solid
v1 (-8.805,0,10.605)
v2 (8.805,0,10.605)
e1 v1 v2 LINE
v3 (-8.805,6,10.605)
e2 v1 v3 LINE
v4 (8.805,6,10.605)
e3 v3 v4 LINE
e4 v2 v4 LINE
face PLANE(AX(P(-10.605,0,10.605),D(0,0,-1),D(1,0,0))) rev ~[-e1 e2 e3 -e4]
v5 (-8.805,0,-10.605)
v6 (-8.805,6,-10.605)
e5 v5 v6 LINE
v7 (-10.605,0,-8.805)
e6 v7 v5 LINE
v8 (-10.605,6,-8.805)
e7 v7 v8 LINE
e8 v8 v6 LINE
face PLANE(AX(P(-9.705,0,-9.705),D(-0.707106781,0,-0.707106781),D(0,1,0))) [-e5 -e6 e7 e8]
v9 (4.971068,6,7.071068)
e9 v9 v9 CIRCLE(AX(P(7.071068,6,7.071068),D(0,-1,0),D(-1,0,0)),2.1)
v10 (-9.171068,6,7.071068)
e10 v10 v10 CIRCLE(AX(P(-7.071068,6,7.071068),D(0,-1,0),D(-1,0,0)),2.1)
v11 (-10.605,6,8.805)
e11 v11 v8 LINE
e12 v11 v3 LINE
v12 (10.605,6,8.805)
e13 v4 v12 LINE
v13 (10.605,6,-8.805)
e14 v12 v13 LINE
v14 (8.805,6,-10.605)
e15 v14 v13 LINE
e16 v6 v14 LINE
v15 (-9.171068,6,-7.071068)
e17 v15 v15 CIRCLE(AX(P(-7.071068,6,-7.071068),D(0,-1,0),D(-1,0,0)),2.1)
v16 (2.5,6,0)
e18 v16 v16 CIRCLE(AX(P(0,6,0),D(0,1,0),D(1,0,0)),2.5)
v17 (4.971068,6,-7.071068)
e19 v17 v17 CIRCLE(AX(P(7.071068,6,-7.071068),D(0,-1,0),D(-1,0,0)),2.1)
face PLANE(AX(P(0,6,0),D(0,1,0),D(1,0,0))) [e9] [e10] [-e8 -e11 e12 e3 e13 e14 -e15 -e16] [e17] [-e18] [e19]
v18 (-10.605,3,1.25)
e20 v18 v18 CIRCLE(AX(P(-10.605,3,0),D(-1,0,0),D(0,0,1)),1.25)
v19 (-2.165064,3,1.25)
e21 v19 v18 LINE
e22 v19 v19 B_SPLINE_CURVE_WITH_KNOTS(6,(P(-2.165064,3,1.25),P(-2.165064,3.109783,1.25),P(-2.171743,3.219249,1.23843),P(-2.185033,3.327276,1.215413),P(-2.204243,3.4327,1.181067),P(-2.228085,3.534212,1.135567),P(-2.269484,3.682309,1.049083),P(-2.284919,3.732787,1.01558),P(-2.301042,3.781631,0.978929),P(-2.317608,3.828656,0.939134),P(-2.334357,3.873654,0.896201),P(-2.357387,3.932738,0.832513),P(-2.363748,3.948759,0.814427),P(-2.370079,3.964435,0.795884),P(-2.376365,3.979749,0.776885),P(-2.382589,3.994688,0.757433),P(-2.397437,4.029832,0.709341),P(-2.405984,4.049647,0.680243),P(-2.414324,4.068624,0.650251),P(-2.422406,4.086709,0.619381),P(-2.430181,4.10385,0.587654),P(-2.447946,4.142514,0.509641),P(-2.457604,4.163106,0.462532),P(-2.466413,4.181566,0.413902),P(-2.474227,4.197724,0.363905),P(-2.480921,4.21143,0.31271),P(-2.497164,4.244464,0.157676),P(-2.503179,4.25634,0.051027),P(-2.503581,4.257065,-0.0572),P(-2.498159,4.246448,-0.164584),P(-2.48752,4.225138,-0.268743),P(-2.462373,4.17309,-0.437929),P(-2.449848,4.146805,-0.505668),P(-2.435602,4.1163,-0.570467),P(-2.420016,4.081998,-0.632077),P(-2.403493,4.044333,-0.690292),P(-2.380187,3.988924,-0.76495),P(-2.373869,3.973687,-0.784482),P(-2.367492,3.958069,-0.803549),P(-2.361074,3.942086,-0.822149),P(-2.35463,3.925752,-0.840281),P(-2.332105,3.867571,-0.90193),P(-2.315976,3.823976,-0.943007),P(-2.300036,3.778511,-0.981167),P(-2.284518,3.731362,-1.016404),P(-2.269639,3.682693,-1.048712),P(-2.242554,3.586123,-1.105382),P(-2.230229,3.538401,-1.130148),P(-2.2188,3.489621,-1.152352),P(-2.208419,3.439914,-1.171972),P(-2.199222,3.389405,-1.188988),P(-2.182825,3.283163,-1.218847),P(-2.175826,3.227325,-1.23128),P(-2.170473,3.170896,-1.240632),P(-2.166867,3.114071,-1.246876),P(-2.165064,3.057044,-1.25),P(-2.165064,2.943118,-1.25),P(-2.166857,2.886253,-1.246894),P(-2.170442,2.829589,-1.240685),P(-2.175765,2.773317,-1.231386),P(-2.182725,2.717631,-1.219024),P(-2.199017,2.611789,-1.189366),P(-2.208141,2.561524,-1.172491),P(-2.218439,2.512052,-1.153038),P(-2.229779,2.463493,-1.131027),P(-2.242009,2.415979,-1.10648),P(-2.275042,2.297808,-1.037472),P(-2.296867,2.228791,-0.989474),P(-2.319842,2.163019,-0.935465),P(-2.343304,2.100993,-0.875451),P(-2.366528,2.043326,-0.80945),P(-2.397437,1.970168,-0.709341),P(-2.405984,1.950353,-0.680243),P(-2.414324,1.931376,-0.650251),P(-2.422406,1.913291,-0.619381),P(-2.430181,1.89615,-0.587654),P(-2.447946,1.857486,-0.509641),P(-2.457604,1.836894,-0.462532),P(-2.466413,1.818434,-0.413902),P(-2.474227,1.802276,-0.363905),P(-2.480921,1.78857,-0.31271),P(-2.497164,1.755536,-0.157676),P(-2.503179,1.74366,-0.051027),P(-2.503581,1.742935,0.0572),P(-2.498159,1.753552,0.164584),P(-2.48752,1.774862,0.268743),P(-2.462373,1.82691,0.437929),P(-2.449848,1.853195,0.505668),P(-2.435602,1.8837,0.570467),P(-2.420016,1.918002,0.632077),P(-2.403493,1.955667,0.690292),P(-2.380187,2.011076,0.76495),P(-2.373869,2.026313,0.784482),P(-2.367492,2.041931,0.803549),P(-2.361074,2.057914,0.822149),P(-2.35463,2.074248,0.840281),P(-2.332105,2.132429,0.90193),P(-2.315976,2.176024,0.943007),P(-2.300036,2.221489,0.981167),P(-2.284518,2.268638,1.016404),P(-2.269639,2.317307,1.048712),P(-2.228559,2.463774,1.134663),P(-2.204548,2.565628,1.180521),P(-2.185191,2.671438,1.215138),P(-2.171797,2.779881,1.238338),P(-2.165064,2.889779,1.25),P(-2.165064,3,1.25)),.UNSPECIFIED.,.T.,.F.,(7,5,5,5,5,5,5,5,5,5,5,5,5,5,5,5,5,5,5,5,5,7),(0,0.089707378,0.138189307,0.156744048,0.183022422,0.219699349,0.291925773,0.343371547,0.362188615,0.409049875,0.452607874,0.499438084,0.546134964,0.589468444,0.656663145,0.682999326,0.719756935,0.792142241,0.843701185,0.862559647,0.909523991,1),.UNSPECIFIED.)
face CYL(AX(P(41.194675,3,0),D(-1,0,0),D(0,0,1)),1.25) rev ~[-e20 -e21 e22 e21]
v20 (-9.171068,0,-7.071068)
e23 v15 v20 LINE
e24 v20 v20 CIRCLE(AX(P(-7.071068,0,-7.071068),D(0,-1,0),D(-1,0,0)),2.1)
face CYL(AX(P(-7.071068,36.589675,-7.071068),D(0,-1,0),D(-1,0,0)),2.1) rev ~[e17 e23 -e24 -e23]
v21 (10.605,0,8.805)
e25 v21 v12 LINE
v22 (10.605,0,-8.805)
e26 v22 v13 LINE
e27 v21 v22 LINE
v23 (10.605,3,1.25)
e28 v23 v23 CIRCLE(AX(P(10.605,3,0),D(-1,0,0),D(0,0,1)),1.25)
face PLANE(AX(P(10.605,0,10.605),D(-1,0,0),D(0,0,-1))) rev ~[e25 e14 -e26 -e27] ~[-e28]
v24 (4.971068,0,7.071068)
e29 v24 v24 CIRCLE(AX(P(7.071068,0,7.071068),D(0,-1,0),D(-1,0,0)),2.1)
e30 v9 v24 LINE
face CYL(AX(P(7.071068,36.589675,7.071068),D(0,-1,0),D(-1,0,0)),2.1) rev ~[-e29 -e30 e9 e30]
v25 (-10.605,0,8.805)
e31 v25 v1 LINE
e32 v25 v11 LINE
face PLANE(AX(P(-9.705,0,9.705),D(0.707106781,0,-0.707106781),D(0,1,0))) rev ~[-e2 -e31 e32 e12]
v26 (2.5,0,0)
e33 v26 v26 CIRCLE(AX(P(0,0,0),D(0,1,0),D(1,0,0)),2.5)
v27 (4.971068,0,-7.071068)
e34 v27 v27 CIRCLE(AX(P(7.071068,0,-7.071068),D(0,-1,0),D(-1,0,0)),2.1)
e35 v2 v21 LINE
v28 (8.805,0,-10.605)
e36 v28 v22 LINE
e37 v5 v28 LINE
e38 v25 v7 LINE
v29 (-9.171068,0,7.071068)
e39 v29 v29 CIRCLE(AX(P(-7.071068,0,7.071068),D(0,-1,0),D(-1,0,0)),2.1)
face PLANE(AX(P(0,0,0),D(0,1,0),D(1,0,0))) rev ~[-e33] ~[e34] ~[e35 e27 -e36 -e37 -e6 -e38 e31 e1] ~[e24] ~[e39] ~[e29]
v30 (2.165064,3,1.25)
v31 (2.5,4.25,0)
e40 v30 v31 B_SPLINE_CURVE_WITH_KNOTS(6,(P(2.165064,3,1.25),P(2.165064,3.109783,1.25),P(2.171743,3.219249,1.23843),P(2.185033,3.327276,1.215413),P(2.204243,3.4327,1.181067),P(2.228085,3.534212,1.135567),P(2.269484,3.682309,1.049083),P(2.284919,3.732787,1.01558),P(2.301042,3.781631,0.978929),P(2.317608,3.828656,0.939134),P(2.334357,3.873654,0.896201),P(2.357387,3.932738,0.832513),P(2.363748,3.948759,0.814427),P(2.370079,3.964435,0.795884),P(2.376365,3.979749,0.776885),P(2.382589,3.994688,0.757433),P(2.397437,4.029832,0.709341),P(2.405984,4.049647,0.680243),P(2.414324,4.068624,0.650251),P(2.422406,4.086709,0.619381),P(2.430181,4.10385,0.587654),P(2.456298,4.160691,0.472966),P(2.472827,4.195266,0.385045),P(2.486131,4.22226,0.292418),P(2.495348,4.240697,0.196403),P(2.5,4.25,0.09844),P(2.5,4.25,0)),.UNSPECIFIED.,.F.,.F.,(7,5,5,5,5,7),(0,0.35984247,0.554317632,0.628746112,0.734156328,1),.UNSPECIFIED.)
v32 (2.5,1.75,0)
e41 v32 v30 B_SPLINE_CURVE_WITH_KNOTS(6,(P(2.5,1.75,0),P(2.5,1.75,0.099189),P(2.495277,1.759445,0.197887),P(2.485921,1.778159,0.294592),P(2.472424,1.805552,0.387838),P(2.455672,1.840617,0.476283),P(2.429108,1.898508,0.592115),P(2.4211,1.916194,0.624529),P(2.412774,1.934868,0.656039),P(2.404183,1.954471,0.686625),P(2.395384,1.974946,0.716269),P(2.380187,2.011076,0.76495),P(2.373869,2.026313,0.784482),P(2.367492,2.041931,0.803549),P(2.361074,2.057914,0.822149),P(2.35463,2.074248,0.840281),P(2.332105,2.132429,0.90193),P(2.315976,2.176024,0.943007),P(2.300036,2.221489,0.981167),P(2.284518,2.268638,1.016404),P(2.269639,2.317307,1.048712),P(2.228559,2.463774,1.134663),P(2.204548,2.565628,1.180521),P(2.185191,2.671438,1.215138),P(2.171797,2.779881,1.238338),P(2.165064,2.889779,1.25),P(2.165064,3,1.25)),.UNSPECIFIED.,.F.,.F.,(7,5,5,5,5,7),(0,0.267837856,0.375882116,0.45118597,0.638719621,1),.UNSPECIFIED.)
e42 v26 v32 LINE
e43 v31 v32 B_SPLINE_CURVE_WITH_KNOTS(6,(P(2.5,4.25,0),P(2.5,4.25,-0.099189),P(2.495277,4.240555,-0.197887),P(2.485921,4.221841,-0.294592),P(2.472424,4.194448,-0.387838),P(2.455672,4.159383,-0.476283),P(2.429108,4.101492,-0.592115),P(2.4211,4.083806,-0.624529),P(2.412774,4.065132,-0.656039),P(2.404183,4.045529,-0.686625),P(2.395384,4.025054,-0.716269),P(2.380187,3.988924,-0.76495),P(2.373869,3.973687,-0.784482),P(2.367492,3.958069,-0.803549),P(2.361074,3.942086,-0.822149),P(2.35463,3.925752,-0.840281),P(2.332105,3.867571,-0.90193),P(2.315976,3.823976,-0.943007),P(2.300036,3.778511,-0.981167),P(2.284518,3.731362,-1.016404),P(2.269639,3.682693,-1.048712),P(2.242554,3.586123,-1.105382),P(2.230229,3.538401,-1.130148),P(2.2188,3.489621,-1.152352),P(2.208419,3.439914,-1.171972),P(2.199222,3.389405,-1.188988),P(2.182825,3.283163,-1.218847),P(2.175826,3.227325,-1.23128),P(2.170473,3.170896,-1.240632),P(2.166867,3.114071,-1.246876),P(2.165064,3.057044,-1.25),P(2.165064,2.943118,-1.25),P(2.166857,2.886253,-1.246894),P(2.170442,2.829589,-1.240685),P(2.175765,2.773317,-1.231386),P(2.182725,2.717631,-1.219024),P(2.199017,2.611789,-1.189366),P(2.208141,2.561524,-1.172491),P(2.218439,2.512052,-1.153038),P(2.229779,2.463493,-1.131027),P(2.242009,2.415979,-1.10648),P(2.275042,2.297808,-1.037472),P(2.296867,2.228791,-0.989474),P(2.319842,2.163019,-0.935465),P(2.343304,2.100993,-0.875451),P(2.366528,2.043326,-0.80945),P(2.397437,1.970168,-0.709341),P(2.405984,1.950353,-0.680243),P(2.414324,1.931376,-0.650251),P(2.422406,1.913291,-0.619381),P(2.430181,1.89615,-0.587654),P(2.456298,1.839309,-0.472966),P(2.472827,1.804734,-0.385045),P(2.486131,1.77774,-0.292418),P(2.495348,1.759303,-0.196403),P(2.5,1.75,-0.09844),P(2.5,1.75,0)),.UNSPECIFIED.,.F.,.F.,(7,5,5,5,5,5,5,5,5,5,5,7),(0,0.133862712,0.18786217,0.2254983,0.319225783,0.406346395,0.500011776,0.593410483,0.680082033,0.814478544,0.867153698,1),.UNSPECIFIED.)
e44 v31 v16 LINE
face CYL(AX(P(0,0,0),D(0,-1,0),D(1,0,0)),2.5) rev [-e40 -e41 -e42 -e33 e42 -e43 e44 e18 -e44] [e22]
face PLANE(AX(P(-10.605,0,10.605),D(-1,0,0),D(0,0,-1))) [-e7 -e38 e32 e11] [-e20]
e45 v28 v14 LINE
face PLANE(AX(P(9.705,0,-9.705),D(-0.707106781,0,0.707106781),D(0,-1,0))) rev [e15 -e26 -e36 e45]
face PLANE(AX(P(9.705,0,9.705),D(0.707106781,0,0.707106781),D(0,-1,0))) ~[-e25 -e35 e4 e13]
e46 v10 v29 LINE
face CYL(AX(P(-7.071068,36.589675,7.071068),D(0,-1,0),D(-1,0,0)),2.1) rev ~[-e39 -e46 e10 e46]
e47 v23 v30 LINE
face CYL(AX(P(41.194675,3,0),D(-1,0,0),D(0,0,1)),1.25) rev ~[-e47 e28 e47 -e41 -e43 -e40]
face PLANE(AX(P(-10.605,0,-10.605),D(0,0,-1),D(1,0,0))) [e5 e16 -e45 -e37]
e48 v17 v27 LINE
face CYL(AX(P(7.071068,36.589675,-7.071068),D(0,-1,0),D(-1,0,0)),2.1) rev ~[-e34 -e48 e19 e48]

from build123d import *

# Parameters (mm, degrees)
SKETCH1_W             = 21.21
SKETCH1_H             = 21.21
SKETCH1_R             = 2.5
BOSS_EXTRUDE1_DEPTH   = 6
M5X0_8_TAPPED_HOLE1_D = 4.2
M3X0_5_TAPPED_HOLE1_D = 2.5
CHAMFER1_SIZE         = 1.8


with BuildPart() as part:
    # Sketch1 → Boss-Extrude1 (new body)
    with BuildSketch(Plane(origin=(0, 0, 0), x_dir=(1, 0, 0), z_dir=(0, 1, 0))):
        Rectangle(SKETCH1_W, SKETCH1_H)
        Circle(SKETCH1_R, mode=Mode.SUBTRACT)
    extrude(amount=BOSS_EXTRUDE1_DEPTH)

    # M5x0.8 Tapped Hole1 (through all)
    with Locations(Plane(origin=(0, 6, 0), x_dir=(1, 0, 0), z_dir=(0, 1, 0))):
        with Locations((-7.071067812, 7.071067812), (-7.071067812, -7.071067812), (7.071067812, -7.071067812), (7.071067812, 7.071067812)):
            Hole(M5X0_8_TAPPED_HOLE1_D / 2)

    # M3x0.5 Tapped Hole1 (through all)
    with Locations(Plane(origin=(10.605, 0, 0), x_dir=(0, 0, -1), z_dir=(1, 0, 0))):
        with Locations((0, 3)):
            Hole(M3X0_5_TAPPED_HOLE1_D / 2)

    # Chamfer1
    chamfer1_edges = [part.edges().sort_by_distance(p)[0] for p in [
        (-10.605, 3, -10.605),
        (10.605, 3, -10.605),
        (10.605, 3, 10.605),
        (-10.605, 3, 10.605),
    ]]
    chamfer(chamfer1_edges, length=CHAMFER1_SIZE)


solid = part.part
